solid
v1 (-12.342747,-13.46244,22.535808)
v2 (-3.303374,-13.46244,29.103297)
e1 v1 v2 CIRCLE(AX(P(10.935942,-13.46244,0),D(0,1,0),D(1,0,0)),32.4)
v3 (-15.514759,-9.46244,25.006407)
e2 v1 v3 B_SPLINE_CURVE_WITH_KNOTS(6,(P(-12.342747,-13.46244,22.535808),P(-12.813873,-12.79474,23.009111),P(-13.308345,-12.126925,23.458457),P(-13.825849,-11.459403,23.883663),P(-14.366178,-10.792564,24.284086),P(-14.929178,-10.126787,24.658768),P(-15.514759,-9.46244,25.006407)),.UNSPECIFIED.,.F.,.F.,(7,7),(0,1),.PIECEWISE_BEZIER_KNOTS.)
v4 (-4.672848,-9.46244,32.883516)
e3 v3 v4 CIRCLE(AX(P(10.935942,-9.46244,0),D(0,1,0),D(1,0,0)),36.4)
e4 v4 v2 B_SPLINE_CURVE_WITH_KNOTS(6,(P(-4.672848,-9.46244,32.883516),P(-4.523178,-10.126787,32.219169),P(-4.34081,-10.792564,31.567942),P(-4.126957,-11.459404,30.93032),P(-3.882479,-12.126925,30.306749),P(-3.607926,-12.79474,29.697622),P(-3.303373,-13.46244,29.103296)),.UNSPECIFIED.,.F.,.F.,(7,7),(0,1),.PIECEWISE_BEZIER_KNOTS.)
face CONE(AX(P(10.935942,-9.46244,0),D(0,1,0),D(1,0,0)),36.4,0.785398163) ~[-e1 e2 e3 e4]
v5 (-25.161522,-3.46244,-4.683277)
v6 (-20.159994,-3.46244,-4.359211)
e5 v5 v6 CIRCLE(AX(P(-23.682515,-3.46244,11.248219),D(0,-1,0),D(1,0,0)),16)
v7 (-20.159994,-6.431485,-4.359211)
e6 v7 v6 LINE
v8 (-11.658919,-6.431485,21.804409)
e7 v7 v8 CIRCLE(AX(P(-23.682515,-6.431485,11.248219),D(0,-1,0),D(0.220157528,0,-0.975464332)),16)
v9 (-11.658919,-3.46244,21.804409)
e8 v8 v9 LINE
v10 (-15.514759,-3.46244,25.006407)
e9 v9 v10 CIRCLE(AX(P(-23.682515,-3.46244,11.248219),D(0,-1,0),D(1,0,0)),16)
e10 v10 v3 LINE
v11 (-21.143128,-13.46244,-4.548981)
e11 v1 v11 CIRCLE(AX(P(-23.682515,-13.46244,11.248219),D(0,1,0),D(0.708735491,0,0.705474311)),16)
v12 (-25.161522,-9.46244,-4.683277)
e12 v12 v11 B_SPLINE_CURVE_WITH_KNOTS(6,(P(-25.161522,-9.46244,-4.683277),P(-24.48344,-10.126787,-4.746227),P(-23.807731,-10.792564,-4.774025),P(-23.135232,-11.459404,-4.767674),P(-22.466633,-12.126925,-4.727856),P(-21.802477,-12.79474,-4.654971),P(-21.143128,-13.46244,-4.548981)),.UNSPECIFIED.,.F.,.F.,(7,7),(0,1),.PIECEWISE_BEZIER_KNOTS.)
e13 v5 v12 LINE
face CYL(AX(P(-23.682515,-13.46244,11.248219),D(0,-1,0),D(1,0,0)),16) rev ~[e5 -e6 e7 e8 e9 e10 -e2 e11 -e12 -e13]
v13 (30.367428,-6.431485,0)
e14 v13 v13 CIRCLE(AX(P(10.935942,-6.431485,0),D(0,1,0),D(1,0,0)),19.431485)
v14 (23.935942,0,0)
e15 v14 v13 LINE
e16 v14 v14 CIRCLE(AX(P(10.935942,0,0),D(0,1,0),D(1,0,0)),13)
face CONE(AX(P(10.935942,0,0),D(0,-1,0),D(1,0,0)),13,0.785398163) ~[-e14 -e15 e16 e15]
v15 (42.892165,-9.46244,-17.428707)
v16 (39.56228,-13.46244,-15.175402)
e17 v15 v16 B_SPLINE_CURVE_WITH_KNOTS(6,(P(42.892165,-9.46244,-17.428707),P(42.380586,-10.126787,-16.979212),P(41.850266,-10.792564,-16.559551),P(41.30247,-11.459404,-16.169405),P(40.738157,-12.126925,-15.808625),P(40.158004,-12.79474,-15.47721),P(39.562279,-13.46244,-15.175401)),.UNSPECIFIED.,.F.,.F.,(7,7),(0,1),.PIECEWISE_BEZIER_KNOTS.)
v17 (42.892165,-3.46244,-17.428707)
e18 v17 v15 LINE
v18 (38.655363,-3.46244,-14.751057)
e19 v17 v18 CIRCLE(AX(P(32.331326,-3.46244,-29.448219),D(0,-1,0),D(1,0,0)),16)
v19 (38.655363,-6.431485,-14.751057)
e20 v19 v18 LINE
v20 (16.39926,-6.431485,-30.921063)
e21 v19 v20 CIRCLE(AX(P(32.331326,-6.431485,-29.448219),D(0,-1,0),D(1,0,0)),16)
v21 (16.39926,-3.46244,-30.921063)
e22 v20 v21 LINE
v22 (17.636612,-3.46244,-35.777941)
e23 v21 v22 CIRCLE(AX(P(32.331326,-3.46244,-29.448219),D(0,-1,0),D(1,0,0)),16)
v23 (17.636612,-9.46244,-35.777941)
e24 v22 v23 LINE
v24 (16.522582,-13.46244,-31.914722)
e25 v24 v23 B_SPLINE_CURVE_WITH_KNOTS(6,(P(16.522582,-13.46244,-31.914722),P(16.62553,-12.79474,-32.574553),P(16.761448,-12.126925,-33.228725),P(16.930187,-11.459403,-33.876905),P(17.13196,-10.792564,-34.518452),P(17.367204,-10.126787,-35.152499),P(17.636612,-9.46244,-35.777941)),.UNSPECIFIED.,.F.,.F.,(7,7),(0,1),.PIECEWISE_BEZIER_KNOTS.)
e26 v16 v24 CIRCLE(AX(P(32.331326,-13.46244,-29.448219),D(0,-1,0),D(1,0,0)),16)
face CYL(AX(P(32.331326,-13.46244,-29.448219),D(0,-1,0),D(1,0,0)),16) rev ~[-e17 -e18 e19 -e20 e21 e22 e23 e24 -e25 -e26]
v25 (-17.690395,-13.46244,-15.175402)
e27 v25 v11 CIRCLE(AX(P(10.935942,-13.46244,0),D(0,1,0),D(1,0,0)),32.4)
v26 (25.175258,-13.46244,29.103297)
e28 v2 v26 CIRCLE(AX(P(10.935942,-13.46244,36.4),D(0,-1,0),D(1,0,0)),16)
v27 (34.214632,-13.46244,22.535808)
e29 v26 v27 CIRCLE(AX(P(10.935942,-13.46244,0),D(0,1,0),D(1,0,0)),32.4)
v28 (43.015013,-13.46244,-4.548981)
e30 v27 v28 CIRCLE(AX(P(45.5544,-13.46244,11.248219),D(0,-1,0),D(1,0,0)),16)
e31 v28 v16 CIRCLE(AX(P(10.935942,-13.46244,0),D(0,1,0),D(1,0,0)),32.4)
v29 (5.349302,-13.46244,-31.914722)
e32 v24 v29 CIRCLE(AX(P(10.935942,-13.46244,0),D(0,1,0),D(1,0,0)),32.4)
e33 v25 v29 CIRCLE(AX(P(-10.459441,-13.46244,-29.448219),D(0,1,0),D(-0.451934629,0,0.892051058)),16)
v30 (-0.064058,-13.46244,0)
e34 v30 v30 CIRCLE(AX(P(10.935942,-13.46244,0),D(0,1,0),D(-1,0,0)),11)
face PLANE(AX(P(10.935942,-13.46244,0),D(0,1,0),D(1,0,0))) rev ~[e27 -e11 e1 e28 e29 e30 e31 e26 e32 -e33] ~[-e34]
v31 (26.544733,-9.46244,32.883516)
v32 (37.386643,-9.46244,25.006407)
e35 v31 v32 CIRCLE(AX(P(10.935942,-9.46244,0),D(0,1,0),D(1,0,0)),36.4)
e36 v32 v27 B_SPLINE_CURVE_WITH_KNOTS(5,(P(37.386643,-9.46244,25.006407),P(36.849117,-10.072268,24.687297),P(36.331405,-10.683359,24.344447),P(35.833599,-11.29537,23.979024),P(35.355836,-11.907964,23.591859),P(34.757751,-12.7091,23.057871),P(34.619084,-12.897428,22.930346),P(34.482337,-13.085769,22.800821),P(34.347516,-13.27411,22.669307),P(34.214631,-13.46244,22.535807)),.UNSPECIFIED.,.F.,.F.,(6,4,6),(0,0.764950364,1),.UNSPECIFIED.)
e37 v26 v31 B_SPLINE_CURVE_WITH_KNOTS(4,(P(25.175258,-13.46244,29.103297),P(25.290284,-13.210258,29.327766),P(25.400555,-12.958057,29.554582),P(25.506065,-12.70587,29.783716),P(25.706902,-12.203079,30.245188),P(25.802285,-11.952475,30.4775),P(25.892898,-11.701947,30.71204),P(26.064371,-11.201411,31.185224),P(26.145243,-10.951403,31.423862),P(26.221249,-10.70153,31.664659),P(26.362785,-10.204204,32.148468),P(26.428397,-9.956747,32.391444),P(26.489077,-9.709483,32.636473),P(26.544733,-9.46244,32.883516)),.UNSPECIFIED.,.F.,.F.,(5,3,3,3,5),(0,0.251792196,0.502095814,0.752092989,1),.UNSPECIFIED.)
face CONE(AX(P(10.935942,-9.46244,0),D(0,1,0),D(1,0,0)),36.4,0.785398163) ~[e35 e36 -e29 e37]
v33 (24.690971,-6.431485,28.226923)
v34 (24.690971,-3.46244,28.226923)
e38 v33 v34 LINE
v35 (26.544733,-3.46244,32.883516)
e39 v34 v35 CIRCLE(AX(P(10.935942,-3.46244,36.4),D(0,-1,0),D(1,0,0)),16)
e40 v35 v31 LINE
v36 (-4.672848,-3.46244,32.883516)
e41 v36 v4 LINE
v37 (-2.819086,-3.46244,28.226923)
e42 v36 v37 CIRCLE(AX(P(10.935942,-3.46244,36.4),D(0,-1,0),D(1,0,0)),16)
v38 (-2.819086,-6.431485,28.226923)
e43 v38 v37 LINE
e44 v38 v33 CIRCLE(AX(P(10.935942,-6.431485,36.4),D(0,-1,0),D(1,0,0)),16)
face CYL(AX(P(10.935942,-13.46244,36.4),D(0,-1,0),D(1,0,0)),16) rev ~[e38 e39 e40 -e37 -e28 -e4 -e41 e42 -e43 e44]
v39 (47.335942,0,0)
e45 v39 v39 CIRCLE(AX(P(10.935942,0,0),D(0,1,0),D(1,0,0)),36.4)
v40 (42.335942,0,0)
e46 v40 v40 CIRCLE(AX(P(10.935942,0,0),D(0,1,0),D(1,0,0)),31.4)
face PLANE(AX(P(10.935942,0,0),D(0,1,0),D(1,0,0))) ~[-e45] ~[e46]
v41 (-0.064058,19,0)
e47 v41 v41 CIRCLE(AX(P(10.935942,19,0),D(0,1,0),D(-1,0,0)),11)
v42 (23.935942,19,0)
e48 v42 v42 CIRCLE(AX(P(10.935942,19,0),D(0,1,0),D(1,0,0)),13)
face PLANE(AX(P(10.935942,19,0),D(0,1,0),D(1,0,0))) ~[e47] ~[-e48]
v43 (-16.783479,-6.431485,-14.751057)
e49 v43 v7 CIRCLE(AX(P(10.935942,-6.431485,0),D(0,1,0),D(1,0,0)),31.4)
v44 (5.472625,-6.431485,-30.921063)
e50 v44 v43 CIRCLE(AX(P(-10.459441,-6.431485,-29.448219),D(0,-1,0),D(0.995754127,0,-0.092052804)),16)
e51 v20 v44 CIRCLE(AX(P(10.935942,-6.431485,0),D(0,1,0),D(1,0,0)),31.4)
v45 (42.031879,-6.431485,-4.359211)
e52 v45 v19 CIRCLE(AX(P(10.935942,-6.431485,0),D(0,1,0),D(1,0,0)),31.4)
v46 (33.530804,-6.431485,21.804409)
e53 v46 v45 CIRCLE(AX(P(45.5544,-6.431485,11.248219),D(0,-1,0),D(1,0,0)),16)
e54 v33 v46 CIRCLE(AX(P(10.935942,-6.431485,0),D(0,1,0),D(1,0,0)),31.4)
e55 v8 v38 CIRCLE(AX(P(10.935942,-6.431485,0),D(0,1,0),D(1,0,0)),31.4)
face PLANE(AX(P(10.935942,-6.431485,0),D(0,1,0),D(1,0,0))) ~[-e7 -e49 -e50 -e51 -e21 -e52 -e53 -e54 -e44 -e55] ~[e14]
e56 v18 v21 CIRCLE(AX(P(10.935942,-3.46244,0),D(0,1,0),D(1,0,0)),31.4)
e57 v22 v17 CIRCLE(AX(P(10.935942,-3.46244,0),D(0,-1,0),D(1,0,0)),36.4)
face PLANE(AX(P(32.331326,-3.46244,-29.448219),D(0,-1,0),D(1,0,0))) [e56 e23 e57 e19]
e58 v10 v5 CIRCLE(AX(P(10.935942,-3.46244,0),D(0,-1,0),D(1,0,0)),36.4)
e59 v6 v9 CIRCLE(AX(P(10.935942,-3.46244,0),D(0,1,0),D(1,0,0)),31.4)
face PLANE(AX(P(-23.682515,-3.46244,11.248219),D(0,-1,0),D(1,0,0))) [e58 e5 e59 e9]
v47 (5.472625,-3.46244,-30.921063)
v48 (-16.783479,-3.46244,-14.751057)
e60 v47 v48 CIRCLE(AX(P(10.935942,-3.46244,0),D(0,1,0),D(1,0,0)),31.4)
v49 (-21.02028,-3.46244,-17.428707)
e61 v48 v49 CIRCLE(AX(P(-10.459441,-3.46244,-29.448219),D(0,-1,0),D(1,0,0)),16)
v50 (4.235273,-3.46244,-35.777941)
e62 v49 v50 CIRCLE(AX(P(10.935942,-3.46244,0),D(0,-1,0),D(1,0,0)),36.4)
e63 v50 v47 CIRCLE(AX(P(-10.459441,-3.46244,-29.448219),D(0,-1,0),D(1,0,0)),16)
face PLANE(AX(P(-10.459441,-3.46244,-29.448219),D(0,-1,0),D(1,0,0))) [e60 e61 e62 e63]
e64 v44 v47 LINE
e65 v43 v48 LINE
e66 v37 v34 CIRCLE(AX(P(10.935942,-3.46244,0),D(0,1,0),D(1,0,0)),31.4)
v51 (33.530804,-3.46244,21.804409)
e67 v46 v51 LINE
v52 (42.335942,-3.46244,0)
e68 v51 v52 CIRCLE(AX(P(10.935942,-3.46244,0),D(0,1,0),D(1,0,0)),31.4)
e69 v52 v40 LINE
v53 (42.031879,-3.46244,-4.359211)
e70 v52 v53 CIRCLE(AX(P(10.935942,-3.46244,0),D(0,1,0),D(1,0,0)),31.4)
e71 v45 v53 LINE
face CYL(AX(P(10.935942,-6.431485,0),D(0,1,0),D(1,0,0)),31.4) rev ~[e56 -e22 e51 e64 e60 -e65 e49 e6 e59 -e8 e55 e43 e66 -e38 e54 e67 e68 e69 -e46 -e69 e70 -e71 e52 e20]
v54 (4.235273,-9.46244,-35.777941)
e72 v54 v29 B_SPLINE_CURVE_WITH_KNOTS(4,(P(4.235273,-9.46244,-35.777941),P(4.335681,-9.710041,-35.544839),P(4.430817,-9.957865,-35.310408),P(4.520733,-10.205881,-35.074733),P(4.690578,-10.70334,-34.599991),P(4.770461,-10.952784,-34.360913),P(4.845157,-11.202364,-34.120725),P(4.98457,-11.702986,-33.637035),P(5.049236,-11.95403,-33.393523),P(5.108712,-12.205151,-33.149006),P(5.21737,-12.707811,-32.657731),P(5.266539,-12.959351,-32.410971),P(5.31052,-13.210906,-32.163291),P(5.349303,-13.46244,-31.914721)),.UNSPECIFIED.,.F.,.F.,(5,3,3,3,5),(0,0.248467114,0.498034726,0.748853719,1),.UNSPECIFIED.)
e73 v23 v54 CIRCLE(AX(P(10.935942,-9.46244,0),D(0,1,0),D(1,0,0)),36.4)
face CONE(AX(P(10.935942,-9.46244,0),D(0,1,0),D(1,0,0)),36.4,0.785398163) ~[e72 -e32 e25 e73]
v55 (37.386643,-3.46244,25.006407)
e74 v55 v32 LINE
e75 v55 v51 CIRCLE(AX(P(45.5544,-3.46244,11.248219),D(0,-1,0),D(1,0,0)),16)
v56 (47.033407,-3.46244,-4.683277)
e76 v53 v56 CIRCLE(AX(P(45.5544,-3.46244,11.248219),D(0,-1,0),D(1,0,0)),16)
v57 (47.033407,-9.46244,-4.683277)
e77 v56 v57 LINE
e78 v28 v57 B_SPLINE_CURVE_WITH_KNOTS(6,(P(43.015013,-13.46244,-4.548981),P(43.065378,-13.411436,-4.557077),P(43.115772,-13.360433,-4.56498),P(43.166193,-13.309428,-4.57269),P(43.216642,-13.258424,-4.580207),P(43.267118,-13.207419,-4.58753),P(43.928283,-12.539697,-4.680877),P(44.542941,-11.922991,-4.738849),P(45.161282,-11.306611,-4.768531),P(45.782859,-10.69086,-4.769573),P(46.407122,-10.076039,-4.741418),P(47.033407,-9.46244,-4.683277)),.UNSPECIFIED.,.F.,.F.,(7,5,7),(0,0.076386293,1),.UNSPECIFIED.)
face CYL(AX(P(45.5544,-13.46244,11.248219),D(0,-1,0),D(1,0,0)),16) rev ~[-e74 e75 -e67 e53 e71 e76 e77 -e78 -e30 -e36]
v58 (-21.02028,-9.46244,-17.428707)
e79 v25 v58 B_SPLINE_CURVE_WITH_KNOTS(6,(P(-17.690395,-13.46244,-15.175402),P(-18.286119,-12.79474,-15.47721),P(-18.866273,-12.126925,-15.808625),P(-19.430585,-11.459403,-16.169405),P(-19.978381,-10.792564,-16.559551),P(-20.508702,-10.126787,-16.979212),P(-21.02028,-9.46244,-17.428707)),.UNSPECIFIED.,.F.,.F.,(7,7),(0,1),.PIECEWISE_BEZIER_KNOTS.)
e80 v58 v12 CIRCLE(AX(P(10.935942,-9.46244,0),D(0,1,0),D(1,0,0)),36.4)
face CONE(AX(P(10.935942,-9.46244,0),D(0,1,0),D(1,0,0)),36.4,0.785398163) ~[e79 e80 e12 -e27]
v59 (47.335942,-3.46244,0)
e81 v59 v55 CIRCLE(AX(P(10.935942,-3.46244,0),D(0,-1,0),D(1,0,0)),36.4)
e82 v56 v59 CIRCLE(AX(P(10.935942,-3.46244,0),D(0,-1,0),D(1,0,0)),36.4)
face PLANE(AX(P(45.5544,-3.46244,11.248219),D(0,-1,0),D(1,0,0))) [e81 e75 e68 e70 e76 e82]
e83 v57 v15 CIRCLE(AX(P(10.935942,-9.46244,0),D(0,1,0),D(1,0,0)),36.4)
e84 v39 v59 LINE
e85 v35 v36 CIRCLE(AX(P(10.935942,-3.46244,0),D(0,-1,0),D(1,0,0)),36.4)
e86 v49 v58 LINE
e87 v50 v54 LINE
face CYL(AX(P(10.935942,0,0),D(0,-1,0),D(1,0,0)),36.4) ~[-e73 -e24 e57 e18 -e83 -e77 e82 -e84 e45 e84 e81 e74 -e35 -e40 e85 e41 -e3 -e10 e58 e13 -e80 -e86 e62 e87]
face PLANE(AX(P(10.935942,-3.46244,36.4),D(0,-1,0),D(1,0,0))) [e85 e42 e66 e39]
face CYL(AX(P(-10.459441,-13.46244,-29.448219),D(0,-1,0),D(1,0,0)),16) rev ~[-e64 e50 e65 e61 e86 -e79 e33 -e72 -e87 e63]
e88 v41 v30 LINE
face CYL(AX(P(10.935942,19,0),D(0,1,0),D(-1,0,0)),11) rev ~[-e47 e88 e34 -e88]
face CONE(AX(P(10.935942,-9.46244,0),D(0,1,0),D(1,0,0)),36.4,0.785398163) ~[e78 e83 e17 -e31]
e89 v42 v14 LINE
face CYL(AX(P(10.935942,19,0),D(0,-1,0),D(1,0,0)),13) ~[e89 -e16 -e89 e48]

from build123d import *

# Parameters (mm, degrees)
CUT_EXTRUDE1_REACH = 69.967
SKETCH3_R          = 11
SKETCH4_R          = 16
CUT_EXTRUDE2_DEPTH = 10


with BuildPart() as part:
    # Sketch2 → Revolve1 (revolve)
    with BuildSketch(Plane.XY, mode=Mode.PRIVATE) as revolve1_sk:
        Polygon((10.935942394, 19), (-2.064057606, 19), (-2.064057606, 0), (-8.495542791, -6.431485186), (-20.464057606, -6.431485186), (-20.464057606, 0), (-25.464057606, 0), (-25.464057606, -9.462439506), (-21.464057606, -13.462439506), (10.935942394, -13.462439506), align=None)
    revolve(revolve1_sk.sketch.rotate(Axis((10.935942394, -13.462439506, 0), (0, 1, 0)), 180), axis=Axis((10.935942394, -13.462439506, 0), (0, 1, 0)))

    # Sketch3 → Cut-Extrude1 (cut, up to next)
    with BuildSketch(Plane(origin=(0, 19, 0), x_dir=(1, 0, 0), z_dir=(0, 1, 0)), mode=Mode.PRIVATE) as cut_extrude1_sk1:
        with Locations(Location((10.935942394, 0, 0), (0, 0, 180))):
            Circle(SKETCH3_R)
    cut_extrude1_tool1 = extrude(cut_extrude1_sk1.sketch, amount=-CUT_EXTRUDE1_REACH, mode=Mode.PRIVATE) & part.part
    add(cut_extrude1_tool1.solids().sort_by_distance((10.935942, 19, 0))[0], mode=Mode.SUBTRACT)

    # Sketch4 → Cut-Extrude2 (cut)
    with BuildSketch(Plane.XZ.offset(13.462439506)):
        with Locations((10.935942394, 36.4)):
            Circle(SKETCH4_R)
        with Locations((45.554399587, 11.248218595)):
            Circle(SKETCH4_R)
        with Locations((32.331325578, -29.448218595)):
            Circle(SKETCH4_R)
        with Locations((-10.459440789, -29.448218595)):
            Circle(SKETCH4_R)
        with Locations((-23.682514799, 11.248218595)):
            Circle(SKETCH4_R)
    extrude(amount=-CUT_EXTRUDE2_DEPTH, mode=Mode.SUBTRACT)


solid = part.part
